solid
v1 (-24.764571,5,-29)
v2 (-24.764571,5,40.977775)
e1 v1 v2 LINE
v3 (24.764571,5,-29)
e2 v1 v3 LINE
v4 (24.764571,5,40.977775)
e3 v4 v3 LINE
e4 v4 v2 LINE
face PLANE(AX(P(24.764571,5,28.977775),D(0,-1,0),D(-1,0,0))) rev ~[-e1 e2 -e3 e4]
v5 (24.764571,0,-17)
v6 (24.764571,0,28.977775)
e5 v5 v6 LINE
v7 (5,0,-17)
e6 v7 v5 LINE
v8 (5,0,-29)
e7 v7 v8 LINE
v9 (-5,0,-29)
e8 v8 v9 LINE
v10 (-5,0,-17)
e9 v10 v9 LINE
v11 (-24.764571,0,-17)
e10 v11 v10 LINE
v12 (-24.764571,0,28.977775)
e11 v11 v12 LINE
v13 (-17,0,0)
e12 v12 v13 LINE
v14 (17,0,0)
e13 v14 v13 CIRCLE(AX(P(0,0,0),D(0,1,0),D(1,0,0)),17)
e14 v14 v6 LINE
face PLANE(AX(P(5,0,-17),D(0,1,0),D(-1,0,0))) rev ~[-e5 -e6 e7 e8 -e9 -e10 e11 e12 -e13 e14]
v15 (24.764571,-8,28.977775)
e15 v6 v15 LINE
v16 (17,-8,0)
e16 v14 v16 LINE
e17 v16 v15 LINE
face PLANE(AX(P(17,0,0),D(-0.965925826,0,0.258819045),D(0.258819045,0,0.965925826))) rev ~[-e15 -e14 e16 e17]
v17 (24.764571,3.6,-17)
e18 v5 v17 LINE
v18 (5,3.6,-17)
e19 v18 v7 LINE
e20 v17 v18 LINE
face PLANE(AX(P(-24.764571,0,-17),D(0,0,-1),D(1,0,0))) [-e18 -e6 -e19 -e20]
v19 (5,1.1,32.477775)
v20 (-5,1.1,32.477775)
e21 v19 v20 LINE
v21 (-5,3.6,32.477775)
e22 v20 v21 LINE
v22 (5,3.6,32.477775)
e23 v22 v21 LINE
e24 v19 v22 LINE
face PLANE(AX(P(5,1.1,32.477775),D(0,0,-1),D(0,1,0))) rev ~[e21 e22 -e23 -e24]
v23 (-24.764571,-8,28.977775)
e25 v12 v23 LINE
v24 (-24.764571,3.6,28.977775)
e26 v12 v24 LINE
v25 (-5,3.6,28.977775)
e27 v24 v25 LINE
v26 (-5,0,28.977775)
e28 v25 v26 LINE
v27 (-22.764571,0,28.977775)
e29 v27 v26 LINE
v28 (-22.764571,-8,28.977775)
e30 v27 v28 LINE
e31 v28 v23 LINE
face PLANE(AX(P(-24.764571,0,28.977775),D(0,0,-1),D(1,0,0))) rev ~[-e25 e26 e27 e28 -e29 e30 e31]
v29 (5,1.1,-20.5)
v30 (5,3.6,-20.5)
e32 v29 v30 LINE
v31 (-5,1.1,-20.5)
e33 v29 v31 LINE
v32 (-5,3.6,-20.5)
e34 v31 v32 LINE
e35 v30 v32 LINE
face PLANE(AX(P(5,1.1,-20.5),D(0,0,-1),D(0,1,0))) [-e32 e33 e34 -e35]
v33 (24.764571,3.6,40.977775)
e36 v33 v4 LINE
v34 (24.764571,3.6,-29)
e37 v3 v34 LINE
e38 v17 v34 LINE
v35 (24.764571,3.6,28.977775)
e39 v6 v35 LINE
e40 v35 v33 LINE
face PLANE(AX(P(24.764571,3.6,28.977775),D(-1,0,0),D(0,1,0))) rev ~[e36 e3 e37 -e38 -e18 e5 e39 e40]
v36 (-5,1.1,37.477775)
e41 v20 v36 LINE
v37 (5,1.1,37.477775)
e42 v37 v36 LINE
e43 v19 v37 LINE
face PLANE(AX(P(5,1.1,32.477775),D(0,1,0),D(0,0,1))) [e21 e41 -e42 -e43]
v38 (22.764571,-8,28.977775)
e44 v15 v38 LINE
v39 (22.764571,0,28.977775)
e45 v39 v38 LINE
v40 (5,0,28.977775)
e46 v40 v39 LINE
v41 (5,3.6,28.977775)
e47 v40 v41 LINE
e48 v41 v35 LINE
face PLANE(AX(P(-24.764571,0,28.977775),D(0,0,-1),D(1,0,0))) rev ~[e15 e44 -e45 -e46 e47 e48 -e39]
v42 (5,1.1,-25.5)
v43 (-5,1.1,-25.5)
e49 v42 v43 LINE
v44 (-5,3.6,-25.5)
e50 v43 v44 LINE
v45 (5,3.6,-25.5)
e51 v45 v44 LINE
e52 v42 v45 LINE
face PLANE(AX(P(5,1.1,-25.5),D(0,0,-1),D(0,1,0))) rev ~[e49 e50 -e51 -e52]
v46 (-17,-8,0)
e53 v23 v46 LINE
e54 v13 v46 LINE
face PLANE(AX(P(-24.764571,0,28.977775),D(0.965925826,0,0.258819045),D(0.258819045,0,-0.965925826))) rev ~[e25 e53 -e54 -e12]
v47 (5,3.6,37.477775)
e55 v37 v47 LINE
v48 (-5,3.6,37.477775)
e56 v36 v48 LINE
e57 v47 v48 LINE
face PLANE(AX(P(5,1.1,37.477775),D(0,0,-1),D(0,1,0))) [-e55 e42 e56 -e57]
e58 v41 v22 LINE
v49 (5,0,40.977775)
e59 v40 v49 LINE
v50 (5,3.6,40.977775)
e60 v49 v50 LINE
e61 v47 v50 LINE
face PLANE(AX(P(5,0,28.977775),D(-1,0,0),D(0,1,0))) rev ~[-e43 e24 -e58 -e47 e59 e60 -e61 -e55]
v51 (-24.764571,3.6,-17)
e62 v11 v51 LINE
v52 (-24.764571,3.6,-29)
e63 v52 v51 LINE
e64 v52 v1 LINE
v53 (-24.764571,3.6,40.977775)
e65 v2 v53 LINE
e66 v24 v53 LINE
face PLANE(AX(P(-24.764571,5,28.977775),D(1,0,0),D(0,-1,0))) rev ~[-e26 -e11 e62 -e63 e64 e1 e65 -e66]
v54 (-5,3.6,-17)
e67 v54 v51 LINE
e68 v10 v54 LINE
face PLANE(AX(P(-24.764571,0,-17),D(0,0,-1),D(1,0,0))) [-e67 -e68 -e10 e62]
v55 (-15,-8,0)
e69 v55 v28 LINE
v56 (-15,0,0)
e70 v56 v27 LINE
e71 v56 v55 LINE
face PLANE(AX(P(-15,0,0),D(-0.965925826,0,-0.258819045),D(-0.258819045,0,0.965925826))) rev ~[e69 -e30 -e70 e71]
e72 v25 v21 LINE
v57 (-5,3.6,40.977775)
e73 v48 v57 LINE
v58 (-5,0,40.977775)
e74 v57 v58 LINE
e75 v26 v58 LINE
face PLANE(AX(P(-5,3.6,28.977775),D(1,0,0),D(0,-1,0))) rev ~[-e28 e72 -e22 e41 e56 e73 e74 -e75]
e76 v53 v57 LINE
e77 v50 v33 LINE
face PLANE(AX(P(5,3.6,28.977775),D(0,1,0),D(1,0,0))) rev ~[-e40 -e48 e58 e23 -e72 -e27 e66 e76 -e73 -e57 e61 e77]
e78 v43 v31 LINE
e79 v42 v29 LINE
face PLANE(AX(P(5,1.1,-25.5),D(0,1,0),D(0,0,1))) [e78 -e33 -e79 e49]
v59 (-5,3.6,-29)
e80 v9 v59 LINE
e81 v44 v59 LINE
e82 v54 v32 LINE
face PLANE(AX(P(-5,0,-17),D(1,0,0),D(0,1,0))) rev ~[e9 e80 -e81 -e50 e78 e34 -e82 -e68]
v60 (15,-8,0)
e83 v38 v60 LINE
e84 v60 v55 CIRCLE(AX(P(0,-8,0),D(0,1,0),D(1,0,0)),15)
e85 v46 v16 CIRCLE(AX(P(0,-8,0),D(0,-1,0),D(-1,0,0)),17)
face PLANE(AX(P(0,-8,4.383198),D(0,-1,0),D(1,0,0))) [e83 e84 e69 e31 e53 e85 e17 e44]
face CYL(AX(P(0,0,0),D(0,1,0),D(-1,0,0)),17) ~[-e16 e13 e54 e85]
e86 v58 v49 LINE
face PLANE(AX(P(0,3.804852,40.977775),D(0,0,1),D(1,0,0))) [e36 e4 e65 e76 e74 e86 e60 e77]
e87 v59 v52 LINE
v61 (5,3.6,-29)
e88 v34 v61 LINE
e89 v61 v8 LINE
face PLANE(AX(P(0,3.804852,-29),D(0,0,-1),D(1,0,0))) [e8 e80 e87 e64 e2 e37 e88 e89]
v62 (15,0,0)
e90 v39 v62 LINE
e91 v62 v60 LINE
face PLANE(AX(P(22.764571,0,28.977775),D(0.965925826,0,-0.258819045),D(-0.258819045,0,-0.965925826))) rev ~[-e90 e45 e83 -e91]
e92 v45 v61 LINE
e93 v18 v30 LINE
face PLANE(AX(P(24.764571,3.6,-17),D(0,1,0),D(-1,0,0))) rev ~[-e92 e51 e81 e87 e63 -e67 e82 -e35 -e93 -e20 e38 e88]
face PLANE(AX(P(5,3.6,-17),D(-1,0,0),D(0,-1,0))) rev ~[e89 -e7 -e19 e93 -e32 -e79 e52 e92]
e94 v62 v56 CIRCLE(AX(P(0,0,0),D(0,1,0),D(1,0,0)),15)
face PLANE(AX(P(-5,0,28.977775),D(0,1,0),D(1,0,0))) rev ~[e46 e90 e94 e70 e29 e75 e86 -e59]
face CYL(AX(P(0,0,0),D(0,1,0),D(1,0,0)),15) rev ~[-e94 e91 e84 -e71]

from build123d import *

# Parameters (mm, degrees)
F1_DEPTH  = 8
F2_W      = 49.5291427062
F2_H      = 45.9777747887
F3_DEPTH  = 5
F5_DEPTH  = 12
F6_W      = 2.5
F6_H      = 5
F7_DEPTH  = 29.7655713531
F9_DEPTH  = 12
F10_W     = 2.5
F10_H     = 5
F11_DEPTH = 29.7655713531


with BuildPart() as f1:
    # F0 (on Front) → F1 (new body)
    with BuildSketch(Plane.XZ):
        with BuildLine():
            ThreePointArc((15, 0), (0, -15), (-15, 0))
            Line((-15, 0), (-22.7645713531, 28.9777747887))
            Line((-22.7645713531, 28.9777747887), (-24.7645713531, 28.9777747887))
            Line((-24.7645713531, 28.9777747887), (-17, 0))
            ThreePointArc((-17, 0), (0, -17), (17, 0))
            Line((17, 0), (24.7645713531, 28.9777747887))
            Line((24.7645713531, 28.9777747887), (22.7645713531, 28.9777747887))
            Line((22.7645713531, 28.9777747887), (15, 0))
        make_face()
    extrude(amount=F1_DEPTH)

    # F2 (on Front) → F3 (join)
    with BuildSketch(Plane.XZ):
        with Locations((0, 5.9888873943)):
            Rectangle(F2_W, F2_H)
    extrude(amount=-F3_DEPTH)

    # F4 (on face) → F5 (join)
    with BuildSketch(Plane(origin=(0, 0, -17), x_dir=(1, 0, 0), z_dir=(0, 0, -1))):
        Polygon((5, 0), (-5, 0), (-5, -3.6), (-24.7645713531, -3.6), (-24.7645713531, -5), (24.7645713531, -5), (24.7645713531, -3.6), (5, -3.6), align=None)
    extrude(amount=F5_DEPTH)

    # F6 (on face) → F7 (cut, through all)
    with BuildSketch(Plane.YZ.offset(5)):
        with Locations((2.35, -23)):
            Rectangle(F6_W, F6_H)
    extrude(amount=-F7_DEPTH, mode=Mode.SUBTRACT)

    # F8 (on face) → F9 (join)
    with BuildSketch(Plane.XY.offset(28.9777747887)):
        Polygon((24.7645713531, 5), (-24.7645713531, 5), (-24.7645713531, 3.6), (-5, 3.6), (-5, 0), (5, 0), (5, 3.6), (24.7645713531, 3.6), align=None)
    extrude(amount=F9_DEPTH)

    # F10 (on face) → F11 (cut, through all)
    with BuildSketch(Plane.YZ.offset(5)):
        with Locations((2.35, 34.9777747887)):
            Rectangle(F10_W, F10_H)
    extrude(amount=-F11_DEPTH, mode=Mode.SUBTRACT)


solid = f1.part
